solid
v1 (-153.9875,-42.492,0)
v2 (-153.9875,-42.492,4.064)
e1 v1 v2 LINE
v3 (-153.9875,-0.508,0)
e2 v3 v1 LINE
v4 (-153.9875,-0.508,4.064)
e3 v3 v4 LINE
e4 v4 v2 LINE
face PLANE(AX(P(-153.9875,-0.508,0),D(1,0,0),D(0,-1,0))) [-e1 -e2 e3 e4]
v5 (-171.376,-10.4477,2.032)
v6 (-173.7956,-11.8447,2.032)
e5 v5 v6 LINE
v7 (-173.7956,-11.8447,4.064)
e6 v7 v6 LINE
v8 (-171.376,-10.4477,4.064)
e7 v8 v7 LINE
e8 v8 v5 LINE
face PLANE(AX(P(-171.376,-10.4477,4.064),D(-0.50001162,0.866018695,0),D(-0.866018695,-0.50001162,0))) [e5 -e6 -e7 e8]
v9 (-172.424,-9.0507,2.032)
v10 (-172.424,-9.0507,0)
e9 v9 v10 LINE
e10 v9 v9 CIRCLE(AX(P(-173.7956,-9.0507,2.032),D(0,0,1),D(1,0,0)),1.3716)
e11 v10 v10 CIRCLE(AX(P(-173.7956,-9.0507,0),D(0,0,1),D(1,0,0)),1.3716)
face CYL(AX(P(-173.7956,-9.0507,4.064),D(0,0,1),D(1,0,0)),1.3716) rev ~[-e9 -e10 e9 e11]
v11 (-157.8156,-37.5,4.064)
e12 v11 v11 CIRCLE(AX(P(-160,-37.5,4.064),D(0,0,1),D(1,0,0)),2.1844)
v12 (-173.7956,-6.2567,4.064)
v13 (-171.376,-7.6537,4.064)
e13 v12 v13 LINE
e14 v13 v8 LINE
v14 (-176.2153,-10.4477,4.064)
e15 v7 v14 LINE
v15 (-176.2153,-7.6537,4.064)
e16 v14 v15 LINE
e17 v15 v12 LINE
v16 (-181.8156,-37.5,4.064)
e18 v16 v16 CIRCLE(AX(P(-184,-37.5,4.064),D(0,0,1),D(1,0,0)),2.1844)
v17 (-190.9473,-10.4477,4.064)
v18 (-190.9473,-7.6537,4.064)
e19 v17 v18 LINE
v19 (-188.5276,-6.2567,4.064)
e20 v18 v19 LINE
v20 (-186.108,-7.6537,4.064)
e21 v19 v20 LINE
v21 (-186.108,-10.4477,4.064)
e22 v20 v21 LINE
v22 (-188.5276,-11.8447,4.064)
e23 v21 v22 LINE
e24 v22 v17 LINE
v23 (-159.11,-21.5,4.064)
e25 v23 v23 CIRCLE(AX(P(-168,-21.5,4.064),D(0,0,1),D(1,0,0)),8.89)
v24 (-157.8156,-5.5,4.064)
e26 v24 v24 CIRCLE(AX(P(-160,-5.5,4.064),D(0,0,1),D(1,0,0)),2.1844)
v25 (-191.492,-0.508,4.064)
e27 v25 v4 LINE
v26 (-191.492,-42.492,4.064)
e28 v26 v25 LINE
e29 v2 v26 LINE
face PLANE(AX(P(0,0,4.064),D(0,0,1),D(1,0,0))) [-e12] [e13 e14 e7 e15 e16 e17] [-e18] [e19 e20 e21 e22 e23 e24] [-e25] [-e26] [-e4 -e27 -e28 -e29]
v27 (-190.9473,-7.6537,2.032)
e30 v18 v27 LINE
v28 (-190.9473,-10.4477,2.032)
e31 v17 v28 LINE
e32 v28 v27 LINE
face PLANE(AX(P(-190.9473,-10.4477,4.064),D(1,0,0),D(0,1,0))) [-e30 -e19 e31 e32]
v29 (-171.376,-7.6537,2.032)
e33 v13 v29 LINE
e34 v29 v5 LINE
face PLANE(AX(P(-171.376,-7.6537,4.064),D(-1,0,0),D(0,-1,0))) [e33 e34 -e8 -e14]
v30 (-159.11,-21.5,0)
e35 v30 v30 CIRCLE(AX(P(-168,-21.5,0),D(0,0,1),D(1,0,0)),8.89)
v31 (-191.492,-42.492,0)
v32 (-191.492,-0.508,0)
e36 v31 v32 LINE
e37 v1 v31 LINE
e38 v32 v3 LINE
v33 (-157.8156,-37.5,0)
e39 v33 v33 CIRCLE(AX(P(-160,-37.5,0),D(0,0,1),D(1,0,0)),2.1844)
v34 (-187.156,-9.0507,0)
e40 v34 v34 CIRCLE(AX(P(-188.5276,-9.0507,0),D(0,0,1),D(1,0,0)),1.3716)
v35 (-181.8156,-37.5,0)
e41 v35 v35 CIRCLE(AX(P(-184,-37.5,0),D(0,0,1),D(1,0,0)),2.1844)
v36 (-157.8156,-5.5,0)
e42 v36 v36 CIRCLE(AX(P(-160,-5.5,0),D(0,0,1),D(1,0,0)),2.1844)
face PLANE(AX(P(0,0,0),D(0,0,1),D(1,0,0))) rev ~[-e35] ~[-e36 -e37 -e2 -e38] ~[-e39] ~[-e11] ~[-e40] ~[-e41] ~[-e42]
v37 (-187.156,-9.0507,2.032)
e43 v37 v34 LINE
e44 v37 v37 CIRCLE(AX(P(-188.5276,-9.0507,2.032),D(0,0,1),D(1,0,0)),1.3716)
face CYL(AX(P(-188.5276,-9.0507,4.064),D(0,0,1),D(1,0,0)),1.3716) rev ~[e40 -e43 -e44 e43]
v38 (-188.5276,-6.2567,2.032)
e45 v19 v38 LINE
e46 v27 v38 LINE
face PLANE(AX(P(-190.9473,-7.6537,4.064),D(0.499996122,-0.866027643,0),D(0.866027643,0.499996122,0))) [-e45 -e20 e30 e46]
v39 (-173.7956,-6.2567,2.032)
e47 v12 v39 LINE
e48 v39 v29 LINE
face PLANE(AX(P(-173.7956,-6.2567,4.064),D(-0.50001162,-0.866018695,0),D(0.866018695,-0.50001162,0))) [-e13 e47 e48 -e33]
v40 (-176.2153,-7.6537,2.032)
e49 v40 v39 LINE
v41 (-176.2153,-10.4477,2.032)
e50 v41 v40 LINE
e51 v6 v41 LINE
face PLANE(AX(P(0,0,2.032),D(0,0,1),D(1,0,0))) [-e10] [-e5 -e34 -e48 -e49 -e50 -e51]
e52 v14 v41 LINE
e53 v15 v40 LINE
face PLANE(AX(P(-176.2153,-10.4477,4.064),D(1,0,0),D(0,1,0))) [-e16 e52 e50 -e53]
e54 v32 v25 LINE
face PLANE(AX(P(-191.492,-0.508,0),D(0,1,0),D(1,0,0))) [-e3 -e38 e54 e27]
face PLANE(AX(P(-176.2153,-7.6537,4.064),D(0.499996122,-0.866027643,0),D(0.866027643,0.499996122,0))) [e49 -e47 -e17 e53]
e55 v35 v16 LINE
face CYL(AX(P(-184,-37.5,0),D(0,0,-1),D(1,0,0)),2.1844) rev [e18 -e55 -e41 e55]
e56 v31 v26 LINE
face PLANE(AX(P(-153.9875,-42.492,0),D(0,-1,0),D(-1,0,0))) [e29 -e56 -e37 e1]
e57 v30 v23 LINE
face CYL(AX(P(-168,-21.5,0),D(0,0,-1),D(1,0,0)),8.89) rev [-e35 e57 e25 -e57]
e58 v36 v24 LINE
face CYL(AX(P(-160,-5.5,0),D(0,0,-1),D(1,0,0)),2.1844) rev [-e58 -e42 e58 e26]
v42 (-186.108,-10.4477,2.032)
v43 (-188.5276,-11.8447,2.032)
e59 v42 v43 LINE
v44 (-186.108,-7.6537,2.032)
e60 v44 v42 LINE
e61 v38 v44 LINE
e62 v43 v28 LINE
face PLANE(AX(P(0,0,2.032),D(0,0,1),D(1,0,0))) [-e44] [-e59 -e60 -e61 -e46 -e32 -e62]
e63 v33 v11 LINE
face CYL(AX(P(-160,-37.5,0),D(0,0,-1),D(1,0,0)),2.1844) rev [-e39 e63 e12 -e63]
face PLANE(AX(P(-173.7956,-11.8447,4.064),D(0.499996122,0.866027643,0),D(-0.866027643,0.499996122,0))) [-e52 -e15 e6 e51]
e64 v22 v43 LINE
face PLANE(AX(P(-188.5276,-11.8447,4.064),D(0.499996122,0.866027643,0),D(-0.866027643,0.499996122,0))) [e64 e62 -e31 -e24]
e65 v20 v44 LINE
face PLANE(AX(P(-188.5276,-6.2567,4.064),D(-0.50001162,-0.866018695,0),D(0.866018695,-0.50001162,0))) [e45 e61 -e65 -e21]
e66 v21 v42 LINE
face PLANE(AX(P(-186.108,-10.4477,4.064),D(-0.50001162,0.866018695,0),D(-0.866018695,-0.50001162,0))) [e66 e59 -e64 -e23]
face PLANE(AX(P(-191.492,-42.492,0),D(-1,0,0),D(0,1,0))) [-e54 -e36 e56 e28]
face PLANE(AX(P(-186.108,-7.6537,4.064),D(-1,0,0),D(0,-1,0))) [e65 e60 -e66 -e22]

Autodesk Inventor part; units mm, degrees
ref_plane "YZ Plane" through (0, 0, 0) normal (1, 0, 0) x (0, 1, 0)
ref_plane "XZ Plane" through (0, 0, 0) normal (0, 1, 0) x (-1, 0, 0)
ref_plane "XY Plane" through (0, 0, 0) normal (0, 0, 1) x (1, 0, 0)
ref_plane "Work Plane1" through (0, 0, 0) normal (0, 0, 1) x (1, 0, 0)
sketch "Sketch1" plane through (0, 0, 0) normal (0, 0, 1) x (1, 0, 0)
  line L0 (-192, 0) -> (-192, -43) construction
  line L1 (-192, -43) -> (0, -43) construction
  line L2 (-192, 0) -> (0, 0) construction
  line L3 (-153.9875, -0.508) -> (-153.9875, -42.492)
  line L4 (-153.9875, -42.492) -> (-191.492, -42.492)
  line L5 (-191.492, -42.492) -> (-191.492, -0.508)
  line L6 (-191.492, -0.508) -> (-153.9875, -0.508)
  circle A0 centre (-168, -21.5) radius 7.975 construction
  circle A1 centre (-168, -21.5) radius 8.89
  circle A2 centre (-184, -37.5) radius 2 construction
  circle A3 centre (-160, -37.5) radius 2 construction
  circle A4 centre (-160, -5.5) radius 2 construction
  circle A5 centre (-184, -37.5) radius 2.1844
  circle A6 centre (-160, -37.5) radius 2.1844
  circle A7 centre (-160, -5.5) radius 2.1844
extrude "Extrusion1" add sketch "Sketch1" along normal blind 4.064
sketch "Sketch2" plane through (0, 0, 4.064) normal (0, 0, 1) x (1, 0, 0)
  arc A0 (-188.6973, -7.9203) -> (-188.6973, -10.181) centre (-188.5276, -9.0507) ccw construction
  arc A1 (-173.6259, -10.181) -> (-173.6259, -7.9203) centre (-173.7956, -9.0507) ccw construction
  circle A2 centre (-188.5276, -9.0507) radius 1.3716
  circle A3 centre (-173.7956, -9.0507) radius 1.3716
  point P0 (0, 0)
  dimension "d7" = 2.7432
  dimension "d8" = 2.7432
extrude "Extrusion2" cut sketch "Sketch2" against normal through all
sketch "Sketch4" plane through (0, 0, 4.064) normal (0, 0, 1) x (1, 0, 0)
  circle A0 centre (-188.5276, -9.0507) radius 1.3716 construction
  circle A1 centre (-188.5276, -9.0507) radius 2.794 construction
  circle A2 centre (-173.7956, -9.0507) radius 1.3716 construction
  circle A3 centre (-173.7956, -9.0507) radius 2.794 construction
  line L0 (-188.5276, -11.8447) -> (-190.9473, -10.4477)
  line L1 (-190.9473, -10.4477) -> (-190.9473, -7.6537)
  line L2 (-190.9473, -7.6537) -> (-188.5276, -6.2567)
  line L3 (-188.5276, -6.2567) -> (-186.108, -7.6537)
  line L4 (-186.108, -7.6537) -> (-186.108, -10.4477)
  line L5 (-186.108, -10.4477) -> (-188.5276, -11.8447)
  line L6 (-173.7956, -11.8447) -> (-176.2153, -10.4477)
  line L7 (-176.2153, -10.4477) -> (-176.2153, -7.6537)
  line L8 (-176.2153, -7.6537) -> (-173.7956, -6.2567)
  line L9 (-173.7956, -6.2567) -> (-171.376, -7.6537)
  line L10 (-171.376, -7.6537) -> (-171.376, -10.4477)
  line L11 (-171.376, -10.4477) -> (-173.7956, -11.8447)
  point P0 (0, 0)
  dimension "d15" = 5.588
  dimension "d16" = 5.588
extrude "Extrusion4" cut sketch "Sketch4" against normal blind 2.032
properties part number "BallMountRight"
